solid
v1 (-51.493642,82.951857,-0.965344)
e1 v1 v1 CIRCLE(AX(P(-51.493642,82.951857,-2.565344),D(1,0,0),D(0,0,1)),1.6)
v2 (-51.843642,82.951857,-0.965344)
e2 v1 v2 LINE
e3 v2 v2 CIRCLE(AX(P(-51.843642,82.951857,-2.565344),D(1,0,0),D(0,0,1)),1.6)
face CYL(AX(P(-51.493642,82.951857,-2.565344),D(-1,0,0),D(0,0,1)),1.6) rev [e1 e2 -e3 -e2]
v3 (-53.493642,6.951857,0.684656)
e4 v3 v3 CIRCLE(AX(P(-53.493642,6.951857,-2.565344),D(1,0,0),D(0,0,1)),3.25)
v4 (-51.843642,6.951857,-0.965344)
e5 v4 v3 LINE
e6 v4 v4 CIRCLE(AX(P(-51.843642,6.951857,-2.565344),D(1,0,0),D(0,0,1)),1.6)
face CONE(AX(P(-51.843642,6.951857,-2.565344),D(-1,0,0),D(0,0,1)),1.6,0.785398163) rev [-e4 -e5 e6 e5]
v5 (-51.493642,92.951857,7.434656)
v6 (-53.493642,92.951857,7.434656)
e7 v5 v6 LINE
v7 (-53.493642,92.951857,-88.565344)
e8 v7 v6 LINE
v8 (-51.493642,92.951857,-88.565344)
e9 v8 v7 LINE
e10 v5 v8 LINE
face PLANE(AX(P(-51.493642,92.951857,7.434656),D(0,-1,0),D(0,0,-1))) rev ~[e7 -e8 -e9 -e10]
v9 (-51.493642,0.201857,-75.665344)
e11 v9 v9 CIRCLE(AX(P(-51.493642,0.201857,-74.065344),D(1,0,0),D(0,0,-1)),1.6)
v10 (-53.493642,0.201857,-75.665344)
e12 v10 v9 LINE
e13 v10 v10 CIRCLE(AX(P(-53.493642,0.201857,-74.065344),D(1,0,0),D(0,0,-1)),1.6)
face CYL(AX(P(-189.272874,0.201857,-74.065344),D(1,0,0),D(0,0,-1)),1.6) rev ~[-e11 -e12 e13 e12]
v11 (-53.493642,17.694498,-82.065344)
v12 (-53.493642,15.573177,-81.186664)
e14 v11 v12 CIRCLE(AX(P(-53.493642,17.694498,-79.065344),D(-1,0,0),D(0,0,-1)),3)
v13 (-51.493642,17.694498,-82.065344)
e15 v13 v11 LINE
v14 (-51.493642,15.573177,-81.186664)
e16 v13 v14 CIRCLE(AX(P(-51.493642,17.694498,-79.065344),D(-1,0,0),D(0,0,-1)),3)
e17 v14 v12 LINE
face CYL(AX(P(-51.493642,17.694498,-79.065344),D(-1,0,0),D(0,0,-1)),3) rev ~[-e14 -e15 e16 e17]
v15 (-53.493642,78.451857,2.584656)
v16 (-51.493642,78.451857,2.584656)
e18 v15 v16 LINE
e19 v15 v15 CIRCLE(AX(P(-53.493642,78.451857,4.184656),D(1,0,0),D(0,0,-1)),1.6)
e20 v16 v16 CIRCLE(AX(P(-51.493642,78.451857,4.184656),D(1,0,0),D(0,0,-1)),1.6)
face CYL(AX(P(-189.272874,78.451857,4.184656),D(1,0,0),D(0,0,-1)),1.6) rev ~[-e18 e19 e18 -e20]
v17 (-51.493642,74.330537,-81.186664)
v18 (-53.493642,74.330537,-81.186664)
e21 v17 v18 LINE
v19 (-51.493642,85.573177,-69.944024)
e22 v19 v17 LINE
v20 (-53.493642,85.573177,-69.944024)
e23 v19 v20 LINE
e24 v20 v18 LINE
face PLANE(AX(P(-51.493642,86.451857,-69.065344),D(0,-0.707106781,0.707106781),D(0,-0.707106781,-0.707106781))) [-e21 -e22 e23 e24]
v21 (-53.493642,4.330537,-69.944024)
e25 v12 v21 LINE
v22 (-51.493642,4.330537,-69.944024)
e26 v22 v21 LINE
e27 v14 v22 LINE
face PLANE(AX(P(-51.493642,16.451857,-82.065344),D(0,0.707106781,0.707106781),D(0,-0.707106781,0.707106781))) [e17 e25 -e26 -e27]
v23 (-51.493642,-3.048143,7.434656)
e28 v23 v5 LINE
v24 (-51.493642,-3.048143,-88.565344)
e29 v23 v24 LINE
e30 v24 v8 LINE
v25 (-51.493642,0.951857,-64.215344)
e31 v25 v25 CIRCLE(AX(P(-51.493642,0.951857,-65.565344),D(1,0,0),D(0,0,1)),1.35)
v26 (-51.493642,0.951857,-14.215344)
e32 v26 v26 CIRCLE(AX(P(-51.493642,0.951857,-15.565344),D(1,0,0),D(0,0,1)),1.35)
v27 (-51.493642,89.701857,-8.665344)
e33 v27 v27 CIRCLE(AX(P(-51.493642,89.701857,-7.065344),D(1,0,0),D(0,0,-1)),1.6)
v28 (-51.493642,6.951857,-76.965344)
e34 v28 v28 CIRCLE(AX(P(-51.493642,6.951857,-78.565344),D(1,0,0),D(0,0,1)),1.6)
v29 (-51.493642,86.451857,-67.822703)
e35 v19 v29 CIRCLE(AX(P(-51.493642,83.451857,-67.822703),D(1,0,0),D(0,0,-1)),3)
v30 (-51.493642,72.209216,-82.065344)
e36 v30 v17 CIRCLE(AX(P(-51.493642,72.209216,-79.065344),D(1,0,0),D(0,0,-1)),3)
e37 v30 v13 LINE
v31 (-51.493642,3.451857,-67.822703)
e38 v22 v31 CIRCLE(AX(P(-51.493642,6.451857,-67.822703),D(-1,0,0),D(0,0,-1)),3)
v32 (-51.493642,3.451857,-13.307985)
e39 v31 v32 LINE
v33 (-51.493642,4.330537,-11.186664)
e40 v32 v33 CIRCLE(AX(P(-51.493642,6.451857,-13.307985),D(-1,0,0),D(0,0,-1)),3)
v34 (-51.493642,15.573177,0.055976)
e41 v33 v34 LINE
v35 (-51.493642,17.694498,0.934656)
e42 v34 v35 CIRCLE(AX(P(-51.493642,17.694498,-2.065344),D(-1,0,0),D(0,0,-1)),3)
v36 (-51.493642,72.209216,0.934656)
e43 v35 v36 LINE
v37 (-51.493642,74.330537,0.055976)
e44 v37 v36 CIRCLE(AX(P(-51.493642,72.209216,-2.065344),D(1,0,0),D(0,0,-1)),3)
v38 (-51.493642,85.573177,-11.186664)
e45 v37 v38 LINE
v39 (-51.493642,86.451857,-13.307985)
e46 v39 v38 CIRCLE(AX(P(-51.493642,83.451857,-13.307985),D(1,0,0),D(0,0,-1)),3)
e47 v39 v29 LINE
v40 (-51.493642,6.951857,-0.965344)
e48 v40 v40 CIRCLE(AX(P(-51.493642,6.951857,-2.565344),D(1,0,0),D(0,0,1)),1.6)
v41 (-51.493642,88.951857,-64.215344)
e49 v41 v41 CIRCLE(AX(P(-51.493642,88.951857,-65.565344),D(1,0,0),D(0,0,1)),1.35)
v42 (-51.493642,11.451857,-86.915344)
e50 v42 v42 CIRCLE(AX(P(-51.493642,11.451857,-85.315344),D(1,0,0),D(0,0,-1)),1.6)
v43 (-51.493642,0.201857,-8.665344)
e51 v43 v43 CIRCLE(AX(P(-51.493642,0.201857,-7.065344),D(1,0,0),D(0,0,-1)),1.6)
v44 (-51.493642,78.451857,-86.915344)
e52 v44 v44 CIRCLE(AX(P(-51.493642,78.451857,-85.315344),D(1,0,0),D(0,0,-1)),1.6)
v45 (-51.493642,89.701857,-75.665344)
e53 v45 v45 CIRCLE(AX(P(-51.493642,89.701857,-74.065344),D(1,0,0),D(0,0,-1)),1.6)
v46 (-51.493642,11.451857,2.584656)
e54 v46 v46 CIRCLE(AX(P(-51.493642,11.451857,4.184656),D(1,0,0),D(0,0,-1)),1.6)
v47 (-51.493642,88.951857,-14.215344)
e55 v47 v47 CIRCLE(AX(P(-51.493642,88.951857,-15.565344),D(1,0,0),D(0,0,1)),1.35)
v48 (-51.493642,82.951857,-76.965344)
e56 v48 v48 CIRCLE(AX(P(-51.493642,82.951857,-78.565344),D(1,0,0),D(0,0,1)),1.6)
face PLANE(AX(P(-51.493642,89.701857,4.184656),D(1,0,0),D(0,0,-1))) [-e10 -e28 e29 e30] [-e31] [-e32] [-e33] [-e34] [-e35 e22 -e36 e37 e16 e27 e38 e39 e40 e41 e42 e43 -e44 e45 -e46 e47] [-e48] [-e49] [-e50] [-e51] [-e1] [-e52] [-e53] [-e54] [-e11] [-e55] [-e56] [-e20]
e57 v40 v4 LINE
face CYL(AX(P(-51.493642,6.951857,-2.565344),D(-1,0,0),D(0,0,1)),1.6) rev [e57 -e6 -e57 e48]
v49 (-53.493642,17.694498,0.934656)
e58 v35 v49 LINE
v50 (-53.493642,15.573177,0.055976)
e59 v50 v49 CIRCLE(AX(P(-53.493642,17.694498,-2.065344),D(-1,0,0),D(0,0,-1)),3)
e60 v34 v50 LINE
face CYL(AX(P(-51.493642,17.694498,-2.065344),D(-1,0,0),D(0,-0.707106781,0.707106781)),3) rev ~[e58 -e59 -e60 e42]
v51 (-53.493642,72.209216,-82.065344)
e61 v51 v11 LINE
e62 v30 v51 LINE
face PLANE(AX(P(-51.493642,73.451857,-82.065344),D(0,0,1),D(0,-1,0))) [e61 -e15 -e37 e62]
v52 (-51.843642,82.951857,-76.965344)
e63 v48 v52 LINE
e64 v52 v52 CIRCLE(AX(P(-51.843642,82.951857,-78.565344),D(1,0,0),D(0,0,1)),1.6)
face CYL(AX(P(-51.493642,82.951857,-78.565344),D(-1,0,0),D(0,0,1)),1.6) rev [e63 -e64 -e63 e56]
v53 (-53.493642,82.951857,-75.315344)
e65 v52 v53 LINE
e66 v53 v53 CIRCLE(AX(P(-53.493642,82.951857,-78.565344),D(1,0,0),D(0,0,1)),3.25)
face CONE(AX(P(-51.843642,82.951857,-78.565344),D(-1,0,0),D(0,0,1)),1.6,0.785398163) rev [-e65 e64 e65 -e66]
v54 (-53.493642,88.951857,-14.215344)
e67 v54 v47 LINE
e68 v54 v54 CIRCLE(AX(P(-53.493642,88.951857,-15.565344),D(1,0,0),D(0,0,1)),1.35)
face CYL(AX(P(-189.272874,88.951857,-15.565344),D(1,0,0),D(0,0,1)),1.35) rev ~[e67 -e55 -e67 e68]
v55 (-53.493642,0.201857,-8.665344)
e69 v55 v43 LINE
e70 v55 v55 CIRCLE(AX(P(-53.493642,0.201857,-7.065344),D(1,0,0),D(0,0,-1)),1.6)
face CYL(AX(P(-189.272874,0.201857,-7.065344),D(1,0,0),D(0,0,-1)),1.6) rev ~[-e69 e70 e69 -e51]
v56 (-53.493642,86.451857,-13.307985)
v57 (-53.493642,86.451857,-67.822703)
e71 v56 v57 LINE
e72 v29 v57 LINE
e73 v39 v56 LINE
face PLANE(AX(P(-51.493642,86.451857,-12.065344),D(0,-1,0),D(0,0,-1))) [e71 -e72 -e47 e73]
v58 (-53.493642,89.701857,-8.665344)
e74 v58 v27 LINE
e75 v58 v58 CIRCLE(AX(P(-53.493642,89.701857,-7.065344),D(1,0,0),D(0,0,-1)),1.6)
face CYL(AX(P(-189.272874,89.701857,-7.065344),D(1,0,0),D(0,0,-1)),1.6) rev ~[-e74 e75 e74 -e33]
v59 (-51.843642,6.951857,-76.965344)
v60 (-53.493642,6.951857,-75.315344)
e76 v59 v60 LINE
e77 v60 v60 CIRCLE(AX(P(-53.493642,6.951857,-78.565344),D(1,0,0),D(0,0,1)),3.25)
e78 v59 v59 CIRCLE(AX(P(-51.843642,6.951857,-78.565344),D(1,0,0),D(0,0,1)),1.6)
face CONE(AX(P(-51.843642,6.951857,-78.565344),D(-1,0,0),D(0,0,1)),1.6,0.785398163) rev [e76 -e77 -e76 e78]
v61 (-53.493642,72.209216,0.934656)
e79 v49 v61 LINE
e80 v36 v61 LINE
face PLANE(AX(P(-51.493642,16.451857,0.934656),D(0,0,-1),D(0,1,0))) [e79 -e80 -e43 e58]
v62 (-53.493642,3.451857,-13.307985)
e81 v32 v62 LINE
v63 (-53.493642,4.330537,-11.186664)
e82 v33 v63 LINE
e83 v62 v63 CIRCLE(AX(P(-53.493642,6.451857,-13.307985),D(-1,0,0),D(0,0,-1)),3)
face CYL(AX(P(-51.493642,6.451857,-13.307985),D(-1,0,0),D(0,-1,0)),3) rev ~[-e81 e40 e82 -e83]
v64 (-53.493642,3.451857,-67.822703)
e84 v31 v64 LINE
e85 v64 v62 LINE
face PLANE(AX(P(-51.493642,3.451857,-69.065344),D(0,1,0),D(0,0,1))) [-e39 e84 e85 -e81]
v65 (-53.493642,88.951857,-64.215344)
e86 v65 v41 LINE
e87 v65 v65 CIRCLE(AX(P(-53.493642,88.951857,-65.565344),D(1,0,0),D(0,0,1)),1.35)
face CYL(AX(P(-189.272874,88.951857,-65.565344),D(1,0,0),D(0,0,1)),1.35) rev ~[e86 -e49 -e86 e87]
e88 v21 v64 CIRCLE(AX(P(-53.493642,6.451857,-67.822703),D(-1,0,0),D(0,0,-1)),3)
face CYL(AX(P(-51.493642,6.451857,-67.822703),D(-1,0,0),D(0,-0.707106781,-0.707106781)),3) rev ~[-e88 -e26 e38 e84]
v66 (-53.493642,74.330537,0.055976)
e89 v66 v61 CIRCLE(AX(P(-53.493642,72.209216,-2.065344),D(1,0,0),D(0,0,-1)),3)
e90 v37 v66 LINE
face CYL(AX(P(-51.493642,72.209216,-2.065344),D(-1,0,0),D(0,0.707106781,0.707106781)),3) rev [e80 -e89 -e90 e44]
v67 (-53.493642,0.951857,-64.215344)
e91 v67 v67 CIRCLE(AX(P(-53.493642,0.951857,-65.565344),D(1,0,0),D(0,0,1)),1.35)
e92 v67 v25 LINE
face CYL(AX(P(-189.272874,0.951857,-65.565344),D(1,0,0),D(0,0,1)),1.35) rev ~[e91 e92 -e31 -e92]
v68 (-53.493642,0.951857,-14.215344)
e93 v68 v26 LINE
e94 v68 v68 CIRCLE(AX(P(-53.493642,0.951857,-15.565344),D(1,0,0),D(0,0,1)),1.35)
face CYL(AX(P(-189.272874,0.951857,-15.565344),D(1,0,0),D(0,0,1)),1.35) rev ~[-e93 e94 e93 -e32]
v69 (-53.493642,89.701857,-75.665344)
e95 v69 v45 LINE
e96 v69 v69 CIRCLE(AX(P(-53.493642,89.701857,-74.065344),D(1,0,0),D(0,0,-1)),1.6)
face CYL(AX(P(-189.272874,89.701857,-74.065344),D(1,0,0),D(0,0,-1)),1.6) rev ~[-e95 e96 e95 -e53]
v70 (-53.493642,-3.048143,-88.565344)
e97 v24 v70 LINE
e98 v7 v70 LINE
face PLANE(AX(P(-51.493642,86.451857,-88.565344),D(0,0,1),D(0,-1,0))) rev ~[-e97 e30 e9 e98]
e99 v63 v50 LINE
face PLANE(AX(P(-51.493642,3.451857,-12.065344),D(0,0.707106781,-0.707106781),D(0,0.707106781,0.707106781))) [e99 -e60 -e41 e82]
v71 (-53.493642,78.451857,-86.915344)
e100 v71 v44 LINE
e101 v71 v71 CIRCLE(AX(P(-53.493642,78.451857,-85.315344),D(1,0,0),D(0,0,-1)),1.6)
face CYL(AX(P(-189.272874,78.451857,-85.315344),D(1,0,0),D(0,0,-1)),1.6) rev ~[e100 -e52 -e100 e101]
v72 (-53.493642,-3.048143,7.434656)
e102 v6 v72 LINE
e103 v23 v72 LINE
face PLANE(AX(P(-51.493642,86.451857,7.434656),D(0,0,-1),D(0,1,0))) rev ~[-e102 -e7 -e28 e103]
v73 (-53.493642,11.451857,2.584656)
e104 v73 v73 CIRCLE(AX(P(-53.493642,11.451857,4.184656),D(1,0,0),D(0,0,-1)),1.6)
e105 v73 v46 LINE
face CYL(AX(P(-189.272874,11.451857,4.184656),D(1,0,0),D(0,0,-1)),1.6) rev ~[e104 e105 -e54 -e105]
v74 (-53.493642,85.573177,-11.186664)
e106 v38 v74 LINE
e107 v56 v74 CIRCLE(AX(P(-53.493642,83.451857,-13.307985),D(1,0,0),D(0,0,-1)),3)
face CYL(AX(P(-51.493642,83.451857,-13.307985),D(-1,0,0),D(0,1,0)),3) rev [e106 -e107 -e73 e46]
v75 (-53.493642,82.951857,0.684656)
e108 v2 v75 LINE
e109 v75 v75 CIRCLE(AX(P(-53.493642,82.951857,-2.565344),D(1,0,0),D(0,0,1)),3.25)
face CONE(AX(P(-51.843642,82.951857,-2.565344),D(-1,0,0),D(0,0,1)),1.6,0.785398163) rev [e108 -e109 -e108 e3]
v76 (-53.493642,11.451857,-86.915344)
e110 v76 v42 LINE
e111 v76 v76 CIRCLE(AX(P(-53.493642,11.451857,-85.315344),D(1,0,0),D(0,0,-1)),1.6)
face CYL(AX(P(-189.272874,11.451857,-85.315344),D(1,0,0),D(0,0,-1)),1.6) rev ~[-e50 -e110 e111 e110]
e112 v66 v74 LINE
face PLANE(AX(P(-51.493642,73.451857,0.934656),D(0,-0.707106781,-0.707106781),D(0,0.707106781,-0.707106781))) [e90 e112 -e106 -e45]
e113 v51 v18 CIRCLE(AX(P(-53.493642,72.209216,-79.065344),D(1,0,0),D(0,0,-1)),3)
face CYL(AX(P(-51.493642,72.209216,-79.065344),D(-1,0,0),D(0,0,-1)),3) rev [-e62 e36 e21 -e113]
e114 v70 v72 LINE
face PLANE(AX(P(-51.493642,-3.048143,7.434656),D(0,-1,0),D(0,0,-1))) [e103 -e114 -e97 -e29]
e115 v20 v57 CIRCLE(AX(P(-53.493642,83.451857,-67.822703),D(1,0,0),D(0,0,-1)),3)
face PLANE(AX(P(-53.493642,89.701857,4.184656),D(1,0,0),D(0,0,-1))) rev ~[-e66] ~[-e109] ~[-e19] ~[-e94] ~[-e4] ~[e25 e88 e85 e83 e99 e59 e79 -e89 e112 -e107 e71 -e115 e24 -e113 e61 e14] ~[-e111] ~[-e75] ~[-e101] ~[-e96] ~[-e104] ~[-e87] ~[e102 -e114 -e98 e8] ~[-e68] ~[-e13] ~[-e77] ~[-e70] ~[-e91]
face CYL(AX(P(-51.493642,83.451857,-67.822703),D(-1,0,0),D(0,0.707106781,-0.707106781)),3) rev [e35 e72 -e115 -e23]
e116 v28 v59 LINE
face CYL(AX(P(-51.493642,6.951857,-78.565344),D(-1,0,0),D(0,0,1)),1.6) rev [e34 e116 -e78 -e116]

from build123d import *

# Parameters (mm, degrees)
BOSS_EXTRUDE2_DEPTH                          = 2
F_3_2_3_2_DIAMETER_HOLE3_D                   = 3.2
CSK_FOR_M3_FLAT_COUNTERSUNK_HEAD_SCR_2_COUNT = 2
CSK_FOR_M3_FLAT_COUNTERSUNK_HEAD_SCR_2_PITCH = 76
CSK_FOR_M3_FLAT_COUNTERSUNK_HEAD_SCR_3_COUNT = 2
CSK_FOR_M3_FLAT_COUNTERSUNK_HEAD_SCR_3_PITCH = 107.48023074
CSK_FOR_M3_FLAT_COUNTERSUNK_HEAD_SCR_4_COUNT = 2
CSK_FOR_M3_FLAT_COUNTERSUNK_HEAD_SCR_4_PITCH = 76
F_2_7_2_7_DIAMETER_HOLE1_D                   = 2.7
FILLET1_R                                    = 3
SKETCH26_W                                   = 6.5
SKETCH26_H                                   = 6.5
BOSS_EXTRUDE3_DEPTH                          = 2


with BuildPart() as part:
    # Sketch2 → Boss-Extrude2 (new body)
    with BuildSketch(Plane.ZY.offset(51.493641502)):
        Polygon((0.93465612, 3.45185693), (7.43465612, 3.45185693), (7.43465612, 86.45185693), (0.93465612, 86.45185693), (0.93465612, 92.95185693), (-82.06534388, 92.95185693), (-82.06534388, 86.45185693), (-88.56534388, 86.45185693), (-88.56534388, 3.45185693), (-82.06534388, 3.45185693), (-82.06534388, -3.04814307), (0.93465612, -3.04814307), align=None)
        Polygon((-82.06534388, 73.45185693), (-82.06534388, 16.45185693), (-69.06534388, 3.45185693), (-12.06534388, 3.45185693), (0.93465612, 16.45185693), (0.93465612, 73.45185693), (-12.06534388, 86.45185693), (-69.06534388, 86.45185693), align=None, mode=Mode.SUBTRACT)
    extrude(amount=BOSS_EXTRUDE2_DEPTH)

    # Ø3.2 (3.2) Diameter Hole3 (through all)
    with Locations(Plane.ZY.offset(53.493641502)):
        with Locations((-74.06534388, 0.20185693), (-85.31534388, 11.45185693), (-85.31534388, 78.45185693), (-74.06534388, 89.70185693), (-7.06534388, 89.70185693), (4.18465612, 78.45185693), (4.18465612, 11.45185693), (-7.06534388, 0.20185693)):
            Hole(F_3_2_3_2_DIAMETER_HOLE3_D / 2)

    # Sketch24 → CSK for M3 Flat Countersunk Head Screw5 (revolve, cut)
    with BuildSketch(Plane(origin=(-53.493641502, 6.95185693, -78.56534388), x_dir=(0, 0, 1), z_dir=(0, 1, 0))):
        Polygon((0, 0), (0, 2), (1.6, 2), (1.6, 1.65), (3.25, 0), align=None)
    csk_for_m3_flat_countersunk_head_screw5 = revolve(axis=Axis((-59.843641502, 6.95185693, -78.56534388), (1, 0, 0)), mode=Mode.SUBTRACT)

    # CSK for M3 Flat Countersunk Head Scr 2: CSK for M3 Flat Countersunk Head Screw5 ×2
    with Locations(*[(0, i * CSK_FOR_M3_FLAT_COUNTERSUNK_HEAD_SCR_2_PITCH, 0) for i in range(1, CSK_FOR_M3_FLAT_COUNTERSUNK_HEAD_SCR_2_COUNT)]):
        add(csk_for_m3_flat_countersunk_head_screw5, mode=Mode.SUBTRACT)

    # CSK for M3 Flat Countersunk Head Scr 3: CSK for M3 Flat Countersunk Head Screw5 ×2
    with Locations(*[Vector(0, 0.7071067811865478, 0.7071067811865472) * (i * CSK_FOR_M3_FLAT_COUNTERSUNK_HEAD_SCR_3_PITCH) for i in range(1, CSK_FOR_M3_FLAT_COUNTERSUNK_HEAD_SCR_3_COUNT)]):
        add(csk_for_m3_flat_countersunk_head_screw5, mode=Mode.SUBTRACT)

    # CSK for M3 Flat Countersunk Head Scr 4: CSK for M3 Flat Countersunk Head Screw5 ×2
    with Locations(*[(0, 0, i * CSK_FOR_M3_FLAT_COUNTERSUNK_HEAD_SCR_4_PITCH) for i in range(1, CSK_FOR_M3_FLAT_COUNTERSUNK_HEAD_SCR_4_COUNT)]):
        add(csk_for_m3_flat_countersunk_head_screw5, mode=Mode.SUBTRACT)

    # Ø2.7 (2.7) Diameter Hole1 (through all)
    with Locations(Plane(origin=(-53.493641502, 88.95185693, -65.56534388), x_dir=(0, 0, -1), z_dir=(-1, 0, 0))):
        with Locations((0, 0), (-50, 0), (0, 88), (-50, 88)):
            Hole(F_2_7_2_7_DIAMETER_HOLE1_D / 2)

    # Fillet1
    fillet1_edges = [part.edges().sort_by_distance(p)[0] for p in [
        (-52.493641502, 86.45185693, -69.06534388),
        (-52.493641502, 73.45185693, -82.06534388),
        (-52.493641502, 16.45185693, -82.06534388),
        (-52.493641502, 3.45185693, -69.06534388),
        (-52.493641502, 3.45185693, -12.06534388),
        (-52.493641502, 16.45185693, 0.93465612),
        (-52.493641502, 73.45185693, 0.93465612),
        (-52.493641502, 86.45185693, -12.06534388),
    ]]
    fillet(fillet1_edges, radius=FILLET1_R)

    # Sketch26 → Boss-Extrude3 (add)
    with BuildSketch(Plane(origin=(-51.493641502, 0, 0), x_dir=(0, 0, -1), z_dir=(1, 0, 0))):
        with Locations((-4.18465612, 89.70185693)):
            Rectangle(SKETCH26_W, SKETCH26_H)
        with Locations((85.31534388, 89.70185693)):
            Rectangle(SKETCH26_W, SKETCH26_H)
        with Locations((85.31534388, 0.20185693)):
            Rectangle(SKETCH26_W, SKETCH26_H)
        with Locations((-4.18465612, 0.20185693)):
            Rectangle(SKETCH26_W, SKETCH26_H)
    extrude(amount=-BOSS_EXTRUDE3_DEPTH)


solid = part.part
